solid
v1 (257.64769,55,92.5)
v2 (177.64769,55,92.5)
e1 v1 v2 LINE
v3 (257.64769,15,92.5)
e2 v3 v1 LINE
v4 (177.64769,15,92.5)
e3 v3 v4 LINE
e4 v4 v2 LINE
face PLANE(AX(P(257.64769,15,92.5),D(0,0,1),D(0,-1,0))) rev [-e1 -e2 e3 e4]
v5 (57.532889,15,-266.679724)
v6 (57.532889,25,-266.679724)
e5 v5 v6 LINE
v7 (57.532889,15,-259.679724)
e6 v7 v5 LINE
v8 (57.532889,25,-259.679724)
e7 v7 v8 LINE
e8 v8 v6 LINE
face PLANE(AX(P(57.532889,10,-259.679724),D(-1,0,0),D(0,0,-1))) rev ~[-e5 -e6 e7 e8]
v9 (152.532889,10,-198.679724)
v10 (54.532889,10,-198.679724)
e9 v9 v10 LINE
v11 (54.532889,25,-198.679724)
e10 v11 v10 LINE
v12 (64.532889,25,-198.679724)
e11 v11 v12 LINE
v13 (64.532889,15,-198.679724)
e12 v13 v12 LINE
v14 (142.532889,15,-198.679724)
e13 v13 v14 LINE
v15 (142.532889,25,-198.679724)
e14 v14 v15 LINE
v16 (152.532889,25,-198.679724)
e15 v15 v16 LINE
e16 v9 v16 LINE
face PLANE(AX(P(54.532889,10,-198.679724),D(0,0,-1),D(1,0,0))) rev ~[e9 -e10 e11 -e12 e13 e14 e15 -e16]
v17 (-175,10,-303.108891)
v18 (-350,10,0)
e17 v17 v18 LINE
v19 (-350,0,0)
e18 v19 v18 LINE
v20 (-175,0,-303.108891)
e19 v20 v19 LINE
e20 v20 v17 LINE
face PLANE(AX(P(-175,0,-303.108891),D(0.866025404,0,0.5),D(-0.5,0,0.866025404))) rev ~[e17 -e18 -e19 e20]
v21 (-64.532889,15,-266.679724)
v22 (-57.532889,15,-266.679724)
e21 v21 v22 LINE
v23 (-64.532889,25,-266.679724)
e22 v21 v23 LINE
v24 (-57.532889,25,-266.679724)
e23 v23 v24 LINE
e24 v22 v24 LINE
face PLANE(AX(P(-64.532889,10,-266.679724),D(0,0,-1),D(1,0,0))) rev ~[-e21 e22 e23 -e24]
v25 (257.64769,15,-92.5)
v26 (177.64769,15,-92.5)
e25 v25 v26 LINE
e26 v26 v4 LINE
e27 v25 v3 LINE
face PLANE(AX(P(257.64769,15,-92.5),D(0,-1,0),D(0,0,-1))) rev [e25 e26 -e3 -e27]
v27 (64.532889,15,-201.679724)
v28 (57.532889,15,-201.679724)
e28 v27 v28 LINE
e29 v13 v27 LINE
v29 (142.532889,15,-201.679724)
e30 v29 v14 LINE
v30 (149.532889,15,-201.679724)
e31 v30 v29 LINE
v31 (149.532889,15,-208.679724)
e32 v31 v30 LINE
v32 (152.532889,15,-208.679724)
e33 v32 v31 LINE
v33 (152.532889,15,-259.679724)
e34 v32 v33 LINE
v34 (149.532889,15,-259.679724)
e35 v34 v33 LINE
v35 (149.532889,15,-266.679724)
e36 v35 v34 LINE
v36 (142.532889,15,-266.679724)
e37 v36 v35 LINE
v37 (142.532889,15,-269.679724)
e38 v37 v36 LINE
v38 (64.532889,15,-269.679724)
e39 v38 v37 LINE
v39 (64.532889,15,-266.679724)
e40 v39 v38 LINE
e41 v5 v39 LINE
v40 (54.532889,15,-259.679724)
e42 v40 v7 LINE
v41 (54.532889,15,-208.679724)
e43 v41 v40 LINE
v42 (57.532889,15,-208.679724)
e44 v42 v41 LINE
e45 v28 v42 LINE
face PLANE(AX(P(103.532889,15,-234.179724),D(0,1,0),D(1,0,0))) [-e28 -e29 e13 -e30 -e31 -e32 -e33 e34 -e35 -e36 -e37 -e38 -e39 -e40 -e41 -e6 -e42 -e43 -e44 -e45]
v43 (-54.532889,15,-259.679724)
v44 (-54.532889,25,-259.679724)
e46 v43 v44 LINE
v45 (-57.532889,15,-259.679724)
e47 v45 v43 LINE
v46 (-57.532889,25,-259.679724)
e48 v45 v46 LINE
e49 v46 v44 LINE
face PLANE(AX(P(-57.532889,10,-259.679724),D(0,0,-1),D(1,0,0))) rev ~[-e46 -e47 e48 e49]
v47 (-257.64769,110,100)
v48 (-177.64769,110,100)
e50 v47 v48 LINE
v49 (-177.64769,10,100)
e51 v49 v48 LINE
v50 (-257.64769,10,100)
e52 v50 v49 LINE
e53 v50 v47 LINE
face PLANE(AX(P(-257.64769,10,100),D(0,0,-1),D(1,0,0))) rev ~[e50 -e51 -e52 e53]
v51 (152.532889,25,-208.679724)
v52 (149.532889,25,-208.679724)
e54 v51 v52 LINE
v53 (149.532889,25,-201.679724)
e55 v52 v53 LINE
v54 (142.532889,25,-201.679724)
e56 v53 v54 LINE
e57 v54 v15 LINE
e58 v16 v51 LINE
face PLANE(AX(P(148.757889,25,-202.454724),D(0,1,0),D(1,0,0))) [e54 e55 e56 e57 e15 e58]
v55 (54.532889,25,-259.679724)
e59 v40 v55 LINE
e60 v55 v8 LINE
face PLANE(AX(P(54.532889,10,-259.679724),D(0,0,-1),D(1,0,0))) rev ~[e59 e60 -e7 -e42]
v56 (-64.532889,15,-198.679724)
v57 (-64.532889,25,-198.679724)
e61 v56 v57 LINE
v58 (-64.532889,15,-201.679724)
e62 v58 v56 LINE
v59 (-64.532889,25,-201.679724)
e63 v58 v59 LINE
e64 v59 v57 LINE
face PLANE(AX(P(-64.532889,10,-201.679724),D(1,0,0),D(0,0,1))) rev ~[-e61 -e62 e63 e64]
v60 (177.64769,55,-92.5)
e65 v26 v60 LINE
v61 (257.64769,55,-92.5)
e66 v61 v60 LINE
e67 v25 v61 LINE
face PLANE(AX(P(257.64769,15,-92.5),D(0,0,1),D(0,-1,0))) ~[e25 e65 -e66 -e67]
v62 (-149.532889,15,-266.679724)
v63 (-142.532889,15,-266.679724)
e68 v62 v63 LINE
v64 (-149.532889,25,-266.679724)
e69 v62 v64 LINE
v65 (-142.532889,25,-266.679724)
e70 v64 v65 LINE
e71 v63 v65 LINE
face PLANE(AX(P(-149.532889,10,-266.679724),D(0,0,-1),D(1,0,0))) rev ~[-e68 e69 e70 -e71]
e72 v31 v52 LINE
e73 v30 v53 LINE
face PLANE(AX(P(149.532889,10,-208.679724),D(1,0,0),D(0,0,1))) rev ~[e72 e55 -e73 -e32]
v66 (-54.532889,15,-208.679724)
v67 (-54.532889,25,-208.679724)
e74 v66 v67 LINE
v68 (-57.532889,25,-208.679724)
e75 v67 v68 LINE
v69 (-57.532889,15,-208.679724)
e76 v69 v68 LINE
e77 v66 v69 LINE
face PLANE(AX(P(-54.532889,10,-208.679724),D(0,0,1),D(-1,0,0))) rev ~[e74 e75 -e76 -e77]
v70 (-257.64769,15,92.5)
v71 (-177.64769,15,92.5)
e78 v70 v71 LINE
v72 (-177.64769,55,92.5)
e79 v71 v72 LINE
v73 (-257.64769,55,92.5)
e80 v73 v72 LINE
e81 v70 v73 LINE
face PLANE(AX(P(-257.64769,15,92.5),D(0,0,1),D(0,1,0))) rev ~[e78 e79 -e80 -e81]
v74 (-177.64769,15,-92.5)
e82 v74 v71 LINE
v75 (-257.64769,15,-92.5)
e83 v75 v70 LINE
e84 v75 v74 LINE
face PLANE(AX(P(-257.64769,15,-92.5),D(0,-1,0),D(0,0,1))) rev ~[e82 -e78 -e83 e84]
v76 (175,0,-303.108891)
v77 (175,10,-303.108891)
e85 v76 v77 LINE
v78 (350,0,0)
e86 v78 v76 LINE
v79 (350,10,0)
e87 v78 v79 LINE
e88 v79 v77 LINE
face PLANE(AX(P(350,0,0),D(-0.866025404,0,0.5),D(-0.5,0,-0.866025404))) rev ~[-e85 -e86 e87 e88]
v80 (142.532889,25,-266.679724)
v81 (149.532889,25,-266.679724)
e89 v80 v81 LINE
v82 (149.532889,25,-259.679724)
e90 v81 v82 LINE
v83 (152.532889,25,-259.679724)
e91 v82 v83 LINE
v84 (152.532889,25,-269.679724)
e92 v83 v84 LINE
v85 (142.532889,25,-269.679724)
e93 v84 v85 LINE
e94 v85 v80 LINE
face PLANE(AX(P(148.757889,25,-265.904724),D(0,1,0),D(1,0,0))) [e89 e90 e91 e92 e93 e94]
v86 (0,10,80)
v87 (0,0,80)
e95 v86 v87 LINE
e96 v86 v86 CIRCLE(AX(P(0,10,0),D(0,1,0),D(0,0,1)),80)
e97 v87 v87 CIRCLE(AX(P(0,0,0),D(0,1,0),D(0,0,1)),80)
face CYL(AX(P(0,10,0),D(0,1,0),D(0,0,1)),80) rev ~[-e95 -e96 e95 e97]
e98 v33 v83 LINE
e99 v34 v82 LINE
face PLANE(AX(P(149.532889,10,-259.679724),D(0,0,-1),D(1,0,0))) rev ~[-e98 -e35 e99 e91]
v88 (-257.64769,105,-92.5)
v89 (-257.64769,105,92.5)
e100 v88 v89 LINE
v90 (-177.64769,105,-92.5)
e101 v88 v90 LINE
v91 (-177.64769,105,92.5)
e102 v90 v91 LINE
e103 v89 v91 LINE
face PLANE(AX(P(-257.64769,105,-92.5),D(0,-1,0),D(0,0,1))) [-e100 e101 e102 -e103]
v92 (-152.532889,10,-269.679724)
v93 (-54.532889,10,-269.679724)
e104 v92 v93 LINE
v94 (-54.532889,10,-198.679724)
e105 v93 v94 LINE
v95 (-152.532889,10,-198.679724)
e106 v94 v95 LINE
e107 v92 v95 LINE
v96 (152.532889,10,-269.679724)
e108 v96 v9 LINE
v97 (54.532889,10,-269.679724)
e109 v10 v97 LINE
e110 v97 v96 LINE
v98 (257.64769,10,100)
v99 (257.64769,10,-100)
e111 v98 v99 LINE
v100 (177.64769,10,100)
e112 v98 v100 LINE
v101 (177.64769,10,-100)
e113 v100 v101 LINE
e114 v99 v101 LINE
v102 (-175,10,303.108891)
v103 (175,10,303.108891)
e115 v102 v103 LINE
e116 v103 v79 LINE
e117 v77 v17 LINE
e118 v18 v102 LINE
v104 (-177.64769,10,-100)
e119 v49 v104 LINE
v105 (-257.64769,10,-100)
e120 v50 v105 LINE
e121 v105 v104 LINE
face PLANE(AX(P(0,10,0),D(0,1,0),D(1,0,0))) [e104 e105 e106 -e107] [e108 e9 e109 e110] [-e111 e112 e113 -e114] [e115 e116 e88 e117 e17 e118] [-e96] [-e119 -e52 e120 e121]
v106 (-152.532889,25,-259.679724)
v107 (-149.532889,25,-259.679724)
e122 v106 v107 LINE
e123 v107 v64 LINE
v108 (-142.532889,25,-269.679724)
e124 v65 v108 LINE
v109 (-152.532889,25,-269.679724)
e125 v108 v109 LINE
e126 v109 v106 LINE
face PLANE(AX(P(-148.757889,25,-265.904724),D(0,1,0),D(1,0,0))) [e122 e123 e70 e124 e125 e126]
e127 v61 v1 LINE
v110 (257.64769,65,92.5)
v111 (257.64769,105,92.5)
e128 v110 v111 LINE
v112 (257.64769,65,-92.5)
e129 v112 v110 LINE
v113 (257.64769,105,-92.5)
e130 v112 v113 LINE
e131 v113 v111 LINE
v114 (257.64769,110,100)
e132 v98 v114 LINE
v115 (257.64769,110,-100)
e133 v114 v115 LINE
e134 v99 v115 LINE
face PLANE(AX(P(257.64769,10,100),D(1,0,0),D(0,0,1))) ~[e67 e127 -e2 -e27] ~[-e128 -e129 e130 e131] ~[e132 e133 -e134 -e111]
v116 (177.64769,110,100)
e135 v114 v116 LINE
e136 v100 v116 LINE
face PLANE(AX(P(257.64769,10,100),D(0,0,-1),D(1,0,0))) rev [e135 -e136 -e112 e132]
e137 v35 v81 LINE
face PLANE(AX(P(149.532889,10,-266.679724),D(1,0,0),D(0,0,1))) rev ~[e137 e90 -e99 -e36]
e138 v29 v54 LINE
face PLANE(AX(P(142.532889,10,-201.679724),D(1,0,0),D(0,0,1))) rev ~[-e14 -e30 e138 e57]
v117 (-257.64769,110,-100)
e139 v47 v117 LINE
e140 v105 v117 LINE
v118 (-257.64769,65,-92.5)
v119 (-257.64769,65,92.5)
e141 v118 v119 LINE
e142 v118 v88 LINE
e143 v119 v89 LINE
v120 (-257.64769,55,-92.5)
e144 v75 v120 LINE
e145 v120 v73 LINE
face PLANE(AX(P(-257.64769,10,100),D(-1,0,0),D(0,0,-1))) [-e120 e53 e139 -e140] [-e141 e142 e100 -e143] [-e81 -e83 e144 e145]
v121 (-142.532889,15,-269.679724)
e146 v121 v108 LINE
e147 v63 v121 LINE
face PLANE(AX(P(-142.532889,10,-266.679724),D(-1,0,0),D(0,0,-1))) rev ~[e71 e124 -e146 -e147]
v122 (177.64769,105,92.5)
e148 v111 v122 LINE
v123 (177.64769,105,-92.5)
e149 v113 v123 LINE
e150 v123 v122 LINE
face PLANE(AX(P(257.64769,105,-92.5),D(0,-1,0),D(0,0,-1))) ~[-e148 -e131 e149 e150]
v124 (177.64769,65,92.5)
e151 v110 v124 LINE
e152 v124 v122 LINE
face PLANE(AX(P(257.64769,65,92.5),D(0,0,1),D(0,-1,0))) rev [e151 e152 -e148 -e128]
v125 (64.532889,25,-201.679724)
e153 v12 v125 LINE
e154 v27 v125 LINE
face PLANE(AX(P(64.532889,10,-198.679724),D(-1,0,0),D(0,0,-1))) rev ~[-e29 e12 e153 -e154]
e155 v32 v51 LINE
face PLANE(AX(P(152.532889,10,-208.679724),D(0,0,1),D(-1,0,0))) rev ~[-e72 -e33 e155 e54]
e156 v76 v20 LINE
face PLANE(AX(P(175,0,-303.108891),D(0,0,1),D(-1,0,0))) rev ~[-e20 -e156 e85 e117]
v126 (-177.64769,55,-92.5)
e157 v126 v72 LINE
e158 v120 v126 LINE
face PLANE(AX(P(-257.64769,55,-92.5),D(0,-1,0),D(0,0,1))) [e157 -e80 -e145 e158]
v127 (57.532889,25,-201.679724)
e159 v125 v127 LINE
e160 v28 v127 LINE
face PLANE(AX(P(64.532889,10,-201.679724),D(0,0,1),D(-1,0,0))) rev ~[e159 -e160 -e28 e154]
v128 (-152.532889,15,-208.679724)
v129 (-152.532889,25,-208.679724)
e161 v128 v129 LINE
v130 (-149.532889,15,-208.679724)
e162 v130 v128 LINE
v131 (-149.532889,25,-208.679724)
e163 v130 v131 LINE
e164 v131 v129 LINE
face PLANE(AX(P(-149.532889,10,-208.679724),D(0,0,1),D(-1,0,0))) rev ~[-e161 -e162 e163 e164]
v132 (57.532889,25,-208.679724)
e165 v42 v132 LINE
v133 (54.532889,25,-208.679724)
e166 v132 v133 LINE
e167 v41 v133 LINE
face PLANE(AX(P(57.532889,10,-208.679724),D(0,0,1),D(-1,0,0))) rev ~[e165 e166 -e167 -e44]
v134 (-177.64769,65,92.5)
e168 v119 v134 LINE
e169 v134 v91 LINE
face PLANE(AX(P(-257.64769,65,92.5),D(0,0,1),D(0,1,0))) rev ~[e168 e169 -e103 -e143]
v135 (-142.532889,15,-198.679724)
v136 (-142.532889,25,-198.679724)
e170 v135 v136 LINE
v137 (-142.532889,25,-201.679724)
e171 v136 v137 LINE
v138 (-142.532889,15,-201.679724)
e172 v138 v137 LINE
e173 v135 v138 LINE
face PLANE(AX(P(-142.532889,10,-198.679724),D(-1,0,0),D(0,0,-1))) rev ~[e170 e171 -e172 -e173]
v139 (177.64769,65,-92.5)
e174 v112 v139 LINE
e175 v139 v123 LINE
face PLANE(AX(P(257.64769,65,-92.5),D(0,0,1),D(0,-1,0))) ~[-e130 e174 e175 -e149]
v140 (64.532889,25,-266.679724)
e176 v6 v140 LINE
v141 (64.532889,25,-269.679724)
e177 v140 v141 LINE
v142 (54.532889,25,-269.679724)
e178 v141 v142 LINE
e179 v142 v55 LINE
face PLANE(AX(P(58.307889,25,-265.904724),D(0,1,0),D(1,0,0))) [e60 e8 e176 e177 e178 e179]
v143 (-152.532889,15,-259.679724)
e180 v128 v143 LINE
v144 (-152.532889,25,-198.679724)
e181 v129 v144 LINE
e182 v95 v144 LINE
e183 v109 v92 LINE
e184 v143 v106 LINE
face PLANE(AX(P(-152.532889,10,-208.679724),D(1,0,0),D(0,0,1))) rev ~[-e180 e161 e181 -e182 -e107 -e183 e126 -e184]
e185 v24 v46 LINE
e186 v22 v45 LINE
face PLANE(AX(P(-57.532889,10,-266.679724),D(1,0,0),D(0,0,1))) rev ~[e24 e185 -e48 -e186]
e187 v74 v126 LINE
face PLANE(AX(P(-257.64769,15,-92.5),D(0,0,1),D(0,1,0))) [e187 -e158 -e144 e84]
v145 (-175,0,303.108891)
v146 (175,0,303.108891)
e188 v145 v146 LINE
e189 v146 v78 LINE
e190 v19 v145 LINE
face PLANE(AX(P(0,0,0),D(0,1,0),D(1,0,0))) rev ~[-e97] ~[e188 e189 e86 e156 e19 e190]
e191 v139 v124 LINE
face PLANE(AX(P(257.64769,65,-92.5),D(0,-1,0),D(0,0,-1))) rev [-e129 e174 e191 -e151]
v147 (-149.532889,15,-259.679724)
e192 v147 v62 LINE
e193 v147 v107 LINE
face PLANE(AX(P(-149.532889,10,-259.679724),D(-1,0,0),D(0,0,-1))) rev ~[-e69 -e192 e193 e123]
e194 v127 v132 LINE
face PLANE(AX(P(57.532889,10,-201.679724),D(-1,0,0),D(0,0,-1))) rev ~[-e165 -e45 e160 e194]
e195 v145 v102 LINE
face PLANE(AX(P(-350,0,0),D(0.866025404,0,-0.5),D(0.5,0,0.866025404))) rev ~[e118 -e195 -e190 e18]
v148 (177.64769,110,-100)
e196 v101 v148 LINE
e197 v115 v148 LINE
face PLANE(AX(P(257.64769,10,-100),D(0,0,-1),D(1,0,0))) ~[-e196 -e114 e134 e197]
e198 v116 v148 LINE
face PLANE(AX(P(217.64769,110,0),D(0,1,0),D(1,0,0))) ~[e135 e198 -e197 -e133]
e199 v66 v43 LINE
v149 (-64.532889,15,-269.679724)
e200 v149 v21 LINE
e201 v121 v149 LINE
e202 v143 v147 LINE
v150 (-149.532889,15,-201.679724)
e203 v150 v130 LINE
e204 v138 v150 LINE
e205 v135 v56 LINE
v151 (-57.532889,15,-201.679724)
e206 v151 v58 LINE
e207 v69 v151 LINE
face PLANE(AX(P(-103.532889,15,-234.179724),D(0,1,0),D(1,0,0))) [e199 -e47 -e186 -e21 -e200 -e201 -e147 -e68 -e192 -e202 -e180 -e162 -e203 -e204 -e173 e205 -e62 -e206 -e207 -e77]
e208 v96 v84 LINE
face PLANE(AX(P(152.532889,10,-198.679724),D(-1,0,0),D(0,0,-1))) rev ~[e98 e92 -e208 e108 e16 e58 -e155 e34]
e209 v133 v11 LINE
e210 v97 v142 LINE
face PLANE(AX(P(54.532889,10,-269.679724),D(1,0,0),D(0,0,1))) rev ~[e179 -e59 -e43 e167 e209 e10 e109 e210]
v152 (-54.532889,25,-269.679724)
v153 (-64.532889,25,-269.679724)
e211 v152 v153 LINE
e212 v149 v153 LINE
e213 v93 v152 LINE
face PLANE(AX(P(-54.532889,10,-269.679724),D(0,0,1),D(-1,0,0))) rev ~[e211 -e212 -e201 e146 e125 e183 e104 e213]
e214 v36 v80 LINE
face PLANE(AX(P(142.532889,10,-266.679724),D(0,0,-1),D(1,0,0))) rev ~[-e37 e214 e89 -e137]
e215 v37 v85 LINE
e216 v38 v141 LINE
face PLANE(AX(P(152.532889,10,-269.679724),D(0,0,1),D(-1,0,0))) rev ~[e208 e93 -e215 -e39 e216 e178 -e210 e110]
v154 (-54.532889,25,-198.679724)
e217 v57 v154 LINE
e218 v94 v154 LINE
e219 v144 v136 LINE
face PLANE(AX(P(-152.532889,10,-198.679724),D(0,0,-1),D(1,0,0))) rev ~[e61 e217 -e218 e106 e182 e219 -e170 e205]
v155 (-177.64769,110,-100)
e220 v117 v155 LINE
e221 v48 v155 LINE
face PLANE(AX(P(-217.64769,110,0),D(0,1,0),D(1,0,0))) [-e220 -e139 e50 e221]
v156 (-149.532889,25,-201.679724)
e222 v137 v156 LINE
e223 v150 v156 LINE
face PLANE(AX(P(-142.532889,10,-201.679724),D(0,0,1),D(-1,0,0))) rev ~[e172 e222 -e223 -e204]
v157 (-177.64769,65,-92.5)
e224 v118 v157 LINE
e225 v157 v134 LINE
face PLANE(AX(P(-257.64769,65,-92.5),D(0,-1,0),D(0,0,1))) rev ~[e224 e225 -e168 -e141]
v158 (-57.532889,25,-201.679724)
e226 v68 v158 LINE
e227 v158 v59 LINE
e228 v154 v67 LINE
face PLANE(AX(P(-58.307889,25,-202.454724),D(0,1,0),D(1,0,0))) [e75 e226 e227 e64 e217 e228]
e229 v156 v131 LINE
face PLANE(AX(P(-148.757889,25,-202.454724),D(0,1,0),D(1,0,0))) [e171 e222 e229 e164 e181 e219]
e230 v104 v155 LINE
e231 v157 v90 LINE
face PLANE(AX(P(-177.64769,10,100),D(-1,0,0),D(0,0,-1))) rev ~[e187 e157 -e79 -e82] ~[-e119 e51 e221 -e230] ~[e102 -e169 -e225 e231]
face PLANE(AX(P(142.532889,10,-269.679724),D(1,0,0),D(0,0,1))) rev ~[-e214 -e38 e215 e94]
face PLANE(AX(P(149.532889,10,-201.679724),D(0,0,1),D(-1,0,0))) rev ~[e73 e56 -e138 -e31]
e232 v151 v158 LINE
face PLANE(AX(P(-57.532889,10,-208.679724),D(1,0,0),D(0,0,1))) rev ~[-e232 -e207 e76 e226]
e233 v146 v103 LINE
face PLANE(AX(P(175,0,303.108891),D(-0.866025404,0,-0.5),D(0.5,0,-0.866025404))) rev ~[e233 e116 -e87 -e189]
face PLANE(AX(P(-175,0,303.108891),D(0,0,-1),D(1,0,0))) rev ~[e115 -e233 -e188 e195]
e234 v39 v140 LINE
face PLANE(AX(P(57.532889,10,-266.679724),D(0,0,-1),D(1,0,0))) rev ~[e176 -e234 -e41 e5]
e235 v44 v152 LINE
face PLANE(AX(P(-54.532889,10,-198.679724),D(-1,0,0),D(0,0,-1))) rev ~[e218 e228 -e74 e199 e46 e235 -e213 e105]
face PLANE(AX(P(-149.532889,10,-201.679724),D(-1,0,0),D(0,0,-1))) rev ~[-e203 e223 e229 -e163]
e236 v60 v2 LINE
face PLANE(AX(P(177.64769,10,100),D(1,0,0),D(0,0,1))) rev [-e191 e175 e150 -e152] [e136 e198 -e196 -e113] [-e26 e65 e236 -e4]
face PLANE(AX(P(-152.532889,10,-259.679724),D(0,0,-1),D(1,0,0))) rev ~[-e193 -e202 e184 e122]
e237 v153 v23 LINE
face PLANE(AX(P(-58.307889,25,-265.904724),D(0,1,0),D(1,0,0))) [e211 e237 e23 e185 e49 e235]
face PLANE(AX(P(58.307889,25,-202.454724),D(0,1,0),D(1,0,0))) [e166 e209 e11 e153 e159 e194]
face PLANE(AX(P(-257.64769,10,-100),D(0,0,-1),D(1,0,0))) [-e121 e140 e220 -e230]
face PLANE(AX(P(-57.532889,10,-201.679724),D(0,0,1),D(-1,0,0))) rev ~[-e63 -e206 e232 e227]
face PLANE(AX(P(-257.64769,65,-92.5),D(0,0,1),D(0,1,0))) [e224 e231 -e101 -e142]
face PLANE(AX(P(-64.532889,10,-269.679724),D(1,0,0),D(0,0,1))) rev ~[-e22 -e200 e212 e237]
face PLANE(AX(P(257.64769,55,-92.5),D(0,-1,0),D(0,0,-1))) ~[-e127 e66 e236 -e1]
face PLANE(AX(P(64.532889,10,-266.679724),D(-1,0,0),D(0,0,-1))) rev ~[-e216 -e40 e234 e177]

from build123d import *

# Parameters (mm, degrees)
BOSS_EXTRUDE1_DEPTH = 10
BOSS_EXTRUDE2_DEPTH = 15
SKETCH3_R           = 80
CUT_EXTRUDE1_DEPTH  = 10
SKETCH4_W           = 98
SKETCH4_H           = 71
BOSS_EXTRUDE3_DEPTH = 5
SKETCH5_W           = 80
SKETCH5_H           = 200
BOSS_EXTRUDE4_DEPTH = 100
SKETCH6_W           = 185
SKETCH6_H           = 40
CUT_EXTRUDE2_DEPTH  = 80


with BuildPart() as part:
    # Sketch1 → Boss-Extrude1 (new body)
    with BuildSketch(Plane(origin=(0, 0, 0), x_dir=(1, 0, 0), z_dir=(0, 1, 0))):
        Polygon((350, 0), (175, 303.108891325), (-175, 303.108891325), (-350, 0), (-175, -303.108891325), (175, -303.108891325), align=None)
    extrude(amount=BOSS_EXTRUDE1_DEPTH)

    # Sketch2 → Boss-Extrude2 (add)
    with BuildSketch(Plane(origin=(0, 10, 0), x_dir=(1, 0, 0), z_dir=(0, 1, 0))):
        Polygon((54.532889038, 198.679724117), (64.532889038, 198.679724117), (64.532889038, 201.679724117), (57.532889038, 201.679724117), (57.532889038, 208.679724117), (54.532889038, 208.679724117), align=None)
        Polygon((142.532889038, 201.679724117), (142.532889038, 198.679724117), (152.532889038, 198.679724117), (152.532889038, 208.679724117), (149.532889038, 208.679724117), (149.532889038, 201.679724117), align=None)
        Polygon((54.532889038, 259.679724117), (57.532889038, 259.679724117), (57.532889038, 266.679724117), (64.532889038, 266.679724117), (64.532889038, 269.679724117), (54.532889038, 269.679724117), align=None)
        Polygon((149.532889038, 259.679724117), (152.532889038, 259.679724117), (152.532889038, 269.679724117), (142.532889038, 269.679724117), (142.532889038, 266.679724117), (149.532889038, 266.679724117), align=None)
        Polygon((-64.532889038, 201.679724117), (-64.532889038, 198.679724117), (-54.532889038, 198.679724117), (-54.532889038, 208.679724117), (-57.532889038, 208.679724117), (-57.532889038, 201.679724117), align=None)
        Polygon((-142.532889038, 198.679724117), (-142.532889038, 201.679724117), (-149.532889038, 201.679724117), (-149.532889038, 208.679724117), (-152.532889038, 208.679724117), (-152.532889038, 198.679724117), align=None)
        Polygon((-152.532889038, 259.679724117), (-149.532889038, 259.679724117), (-149.532889038, 266.679724117), (-142.532889038, 266.679724117), (-142.532889038, 269.679724117), (-152.532889038, 269.679724117), align=None)
        Polygon((-57.532889038, 259.679724117), (-54.532889038, 259.679724117), (-54.532889038, 269.679724117), (-64.532889038, 269.679724117), (-64.532889038, 266.679724117), (-57.532889038, 266.679724117), align=None)
    extrude(amount=BOSS_EXTRUDE2_DEPTH)

    # Sketch3 → Cut-Extrude1 (cut)
    with BuildSketch(Plane(origin=(0, 10, 0), x_dir=(1, 0, 0), z_dir=(0, 1, 0))):
        with Locations(Location((0, 0, 0), (0, 0, 270))):
            Circle(SKETCH3_R)
    extrude(amount=-CUT_EXTRUDE1_DEPTH, mode=Mode.SUBTRACT)

    # Sketch4 → Boss-Extrude3 (add)
    with BuildSketch(Plane(origin=(0, 10, 0), x_dir=(1, 0, 0), z_dir=(0, 1, 0))):
        with Locations((-103.532889038, 234.179724117)):
            Rectangle(SKETCH4_W, SKETCH4_H)
        with Locations((103.532889038, 234.179724117)):
            Rectangle(SKETCH4_W, SKETCH4_H)
    extrude(amount=BOSS_EXTRUDE3_DEPTH)

    # Sketch5 → Boss-Extrude4 (add)
    with BuildSketch(Plane(origin=(0, 10, 0), x_dir=(1, 0, 0), z_dir=(0, 1, 0))):
        with Locations((-217.647690378, 0)):
            Rectangle(SKETCH5_W, SKETCH5_H)
    boss_extrude4 = extrude(amount=BOSS_EXTRUDE4_DEPTH)

    # Sketch6 → Cut-Extrude2 (cut)
    with BuildSketch(Plane.ZY.offset(257.647690378)):
        with Locations((0, 35)):
            Rectangle(SKETCH6_W, SKETCH6_H)
        with Locations((0, 85)):
            Rectangle(SKETCH6_W, SKETCH6_H)
    cut_extrude2 = extrude(amount=-CUT_EXTRUDE2_DEPTH, mode=Mode.SUBTRACT)

    # Mirror1: Boss-Extrude4, Cut-Extrude2 across plane
    add(boss_extrude4.mirror(Plane(origin=(0, 0, 0), x_dir=(0, 0, 1), z_dir=(1, 0, 0))))
    add(cut_extrude2.mirror(Plane(origin=(0, 0, 0), x_dir=(0, 0, 1), z_dir=(1, 0, 0))), mode=Mode.SUBTRACT)


solid = part.part
